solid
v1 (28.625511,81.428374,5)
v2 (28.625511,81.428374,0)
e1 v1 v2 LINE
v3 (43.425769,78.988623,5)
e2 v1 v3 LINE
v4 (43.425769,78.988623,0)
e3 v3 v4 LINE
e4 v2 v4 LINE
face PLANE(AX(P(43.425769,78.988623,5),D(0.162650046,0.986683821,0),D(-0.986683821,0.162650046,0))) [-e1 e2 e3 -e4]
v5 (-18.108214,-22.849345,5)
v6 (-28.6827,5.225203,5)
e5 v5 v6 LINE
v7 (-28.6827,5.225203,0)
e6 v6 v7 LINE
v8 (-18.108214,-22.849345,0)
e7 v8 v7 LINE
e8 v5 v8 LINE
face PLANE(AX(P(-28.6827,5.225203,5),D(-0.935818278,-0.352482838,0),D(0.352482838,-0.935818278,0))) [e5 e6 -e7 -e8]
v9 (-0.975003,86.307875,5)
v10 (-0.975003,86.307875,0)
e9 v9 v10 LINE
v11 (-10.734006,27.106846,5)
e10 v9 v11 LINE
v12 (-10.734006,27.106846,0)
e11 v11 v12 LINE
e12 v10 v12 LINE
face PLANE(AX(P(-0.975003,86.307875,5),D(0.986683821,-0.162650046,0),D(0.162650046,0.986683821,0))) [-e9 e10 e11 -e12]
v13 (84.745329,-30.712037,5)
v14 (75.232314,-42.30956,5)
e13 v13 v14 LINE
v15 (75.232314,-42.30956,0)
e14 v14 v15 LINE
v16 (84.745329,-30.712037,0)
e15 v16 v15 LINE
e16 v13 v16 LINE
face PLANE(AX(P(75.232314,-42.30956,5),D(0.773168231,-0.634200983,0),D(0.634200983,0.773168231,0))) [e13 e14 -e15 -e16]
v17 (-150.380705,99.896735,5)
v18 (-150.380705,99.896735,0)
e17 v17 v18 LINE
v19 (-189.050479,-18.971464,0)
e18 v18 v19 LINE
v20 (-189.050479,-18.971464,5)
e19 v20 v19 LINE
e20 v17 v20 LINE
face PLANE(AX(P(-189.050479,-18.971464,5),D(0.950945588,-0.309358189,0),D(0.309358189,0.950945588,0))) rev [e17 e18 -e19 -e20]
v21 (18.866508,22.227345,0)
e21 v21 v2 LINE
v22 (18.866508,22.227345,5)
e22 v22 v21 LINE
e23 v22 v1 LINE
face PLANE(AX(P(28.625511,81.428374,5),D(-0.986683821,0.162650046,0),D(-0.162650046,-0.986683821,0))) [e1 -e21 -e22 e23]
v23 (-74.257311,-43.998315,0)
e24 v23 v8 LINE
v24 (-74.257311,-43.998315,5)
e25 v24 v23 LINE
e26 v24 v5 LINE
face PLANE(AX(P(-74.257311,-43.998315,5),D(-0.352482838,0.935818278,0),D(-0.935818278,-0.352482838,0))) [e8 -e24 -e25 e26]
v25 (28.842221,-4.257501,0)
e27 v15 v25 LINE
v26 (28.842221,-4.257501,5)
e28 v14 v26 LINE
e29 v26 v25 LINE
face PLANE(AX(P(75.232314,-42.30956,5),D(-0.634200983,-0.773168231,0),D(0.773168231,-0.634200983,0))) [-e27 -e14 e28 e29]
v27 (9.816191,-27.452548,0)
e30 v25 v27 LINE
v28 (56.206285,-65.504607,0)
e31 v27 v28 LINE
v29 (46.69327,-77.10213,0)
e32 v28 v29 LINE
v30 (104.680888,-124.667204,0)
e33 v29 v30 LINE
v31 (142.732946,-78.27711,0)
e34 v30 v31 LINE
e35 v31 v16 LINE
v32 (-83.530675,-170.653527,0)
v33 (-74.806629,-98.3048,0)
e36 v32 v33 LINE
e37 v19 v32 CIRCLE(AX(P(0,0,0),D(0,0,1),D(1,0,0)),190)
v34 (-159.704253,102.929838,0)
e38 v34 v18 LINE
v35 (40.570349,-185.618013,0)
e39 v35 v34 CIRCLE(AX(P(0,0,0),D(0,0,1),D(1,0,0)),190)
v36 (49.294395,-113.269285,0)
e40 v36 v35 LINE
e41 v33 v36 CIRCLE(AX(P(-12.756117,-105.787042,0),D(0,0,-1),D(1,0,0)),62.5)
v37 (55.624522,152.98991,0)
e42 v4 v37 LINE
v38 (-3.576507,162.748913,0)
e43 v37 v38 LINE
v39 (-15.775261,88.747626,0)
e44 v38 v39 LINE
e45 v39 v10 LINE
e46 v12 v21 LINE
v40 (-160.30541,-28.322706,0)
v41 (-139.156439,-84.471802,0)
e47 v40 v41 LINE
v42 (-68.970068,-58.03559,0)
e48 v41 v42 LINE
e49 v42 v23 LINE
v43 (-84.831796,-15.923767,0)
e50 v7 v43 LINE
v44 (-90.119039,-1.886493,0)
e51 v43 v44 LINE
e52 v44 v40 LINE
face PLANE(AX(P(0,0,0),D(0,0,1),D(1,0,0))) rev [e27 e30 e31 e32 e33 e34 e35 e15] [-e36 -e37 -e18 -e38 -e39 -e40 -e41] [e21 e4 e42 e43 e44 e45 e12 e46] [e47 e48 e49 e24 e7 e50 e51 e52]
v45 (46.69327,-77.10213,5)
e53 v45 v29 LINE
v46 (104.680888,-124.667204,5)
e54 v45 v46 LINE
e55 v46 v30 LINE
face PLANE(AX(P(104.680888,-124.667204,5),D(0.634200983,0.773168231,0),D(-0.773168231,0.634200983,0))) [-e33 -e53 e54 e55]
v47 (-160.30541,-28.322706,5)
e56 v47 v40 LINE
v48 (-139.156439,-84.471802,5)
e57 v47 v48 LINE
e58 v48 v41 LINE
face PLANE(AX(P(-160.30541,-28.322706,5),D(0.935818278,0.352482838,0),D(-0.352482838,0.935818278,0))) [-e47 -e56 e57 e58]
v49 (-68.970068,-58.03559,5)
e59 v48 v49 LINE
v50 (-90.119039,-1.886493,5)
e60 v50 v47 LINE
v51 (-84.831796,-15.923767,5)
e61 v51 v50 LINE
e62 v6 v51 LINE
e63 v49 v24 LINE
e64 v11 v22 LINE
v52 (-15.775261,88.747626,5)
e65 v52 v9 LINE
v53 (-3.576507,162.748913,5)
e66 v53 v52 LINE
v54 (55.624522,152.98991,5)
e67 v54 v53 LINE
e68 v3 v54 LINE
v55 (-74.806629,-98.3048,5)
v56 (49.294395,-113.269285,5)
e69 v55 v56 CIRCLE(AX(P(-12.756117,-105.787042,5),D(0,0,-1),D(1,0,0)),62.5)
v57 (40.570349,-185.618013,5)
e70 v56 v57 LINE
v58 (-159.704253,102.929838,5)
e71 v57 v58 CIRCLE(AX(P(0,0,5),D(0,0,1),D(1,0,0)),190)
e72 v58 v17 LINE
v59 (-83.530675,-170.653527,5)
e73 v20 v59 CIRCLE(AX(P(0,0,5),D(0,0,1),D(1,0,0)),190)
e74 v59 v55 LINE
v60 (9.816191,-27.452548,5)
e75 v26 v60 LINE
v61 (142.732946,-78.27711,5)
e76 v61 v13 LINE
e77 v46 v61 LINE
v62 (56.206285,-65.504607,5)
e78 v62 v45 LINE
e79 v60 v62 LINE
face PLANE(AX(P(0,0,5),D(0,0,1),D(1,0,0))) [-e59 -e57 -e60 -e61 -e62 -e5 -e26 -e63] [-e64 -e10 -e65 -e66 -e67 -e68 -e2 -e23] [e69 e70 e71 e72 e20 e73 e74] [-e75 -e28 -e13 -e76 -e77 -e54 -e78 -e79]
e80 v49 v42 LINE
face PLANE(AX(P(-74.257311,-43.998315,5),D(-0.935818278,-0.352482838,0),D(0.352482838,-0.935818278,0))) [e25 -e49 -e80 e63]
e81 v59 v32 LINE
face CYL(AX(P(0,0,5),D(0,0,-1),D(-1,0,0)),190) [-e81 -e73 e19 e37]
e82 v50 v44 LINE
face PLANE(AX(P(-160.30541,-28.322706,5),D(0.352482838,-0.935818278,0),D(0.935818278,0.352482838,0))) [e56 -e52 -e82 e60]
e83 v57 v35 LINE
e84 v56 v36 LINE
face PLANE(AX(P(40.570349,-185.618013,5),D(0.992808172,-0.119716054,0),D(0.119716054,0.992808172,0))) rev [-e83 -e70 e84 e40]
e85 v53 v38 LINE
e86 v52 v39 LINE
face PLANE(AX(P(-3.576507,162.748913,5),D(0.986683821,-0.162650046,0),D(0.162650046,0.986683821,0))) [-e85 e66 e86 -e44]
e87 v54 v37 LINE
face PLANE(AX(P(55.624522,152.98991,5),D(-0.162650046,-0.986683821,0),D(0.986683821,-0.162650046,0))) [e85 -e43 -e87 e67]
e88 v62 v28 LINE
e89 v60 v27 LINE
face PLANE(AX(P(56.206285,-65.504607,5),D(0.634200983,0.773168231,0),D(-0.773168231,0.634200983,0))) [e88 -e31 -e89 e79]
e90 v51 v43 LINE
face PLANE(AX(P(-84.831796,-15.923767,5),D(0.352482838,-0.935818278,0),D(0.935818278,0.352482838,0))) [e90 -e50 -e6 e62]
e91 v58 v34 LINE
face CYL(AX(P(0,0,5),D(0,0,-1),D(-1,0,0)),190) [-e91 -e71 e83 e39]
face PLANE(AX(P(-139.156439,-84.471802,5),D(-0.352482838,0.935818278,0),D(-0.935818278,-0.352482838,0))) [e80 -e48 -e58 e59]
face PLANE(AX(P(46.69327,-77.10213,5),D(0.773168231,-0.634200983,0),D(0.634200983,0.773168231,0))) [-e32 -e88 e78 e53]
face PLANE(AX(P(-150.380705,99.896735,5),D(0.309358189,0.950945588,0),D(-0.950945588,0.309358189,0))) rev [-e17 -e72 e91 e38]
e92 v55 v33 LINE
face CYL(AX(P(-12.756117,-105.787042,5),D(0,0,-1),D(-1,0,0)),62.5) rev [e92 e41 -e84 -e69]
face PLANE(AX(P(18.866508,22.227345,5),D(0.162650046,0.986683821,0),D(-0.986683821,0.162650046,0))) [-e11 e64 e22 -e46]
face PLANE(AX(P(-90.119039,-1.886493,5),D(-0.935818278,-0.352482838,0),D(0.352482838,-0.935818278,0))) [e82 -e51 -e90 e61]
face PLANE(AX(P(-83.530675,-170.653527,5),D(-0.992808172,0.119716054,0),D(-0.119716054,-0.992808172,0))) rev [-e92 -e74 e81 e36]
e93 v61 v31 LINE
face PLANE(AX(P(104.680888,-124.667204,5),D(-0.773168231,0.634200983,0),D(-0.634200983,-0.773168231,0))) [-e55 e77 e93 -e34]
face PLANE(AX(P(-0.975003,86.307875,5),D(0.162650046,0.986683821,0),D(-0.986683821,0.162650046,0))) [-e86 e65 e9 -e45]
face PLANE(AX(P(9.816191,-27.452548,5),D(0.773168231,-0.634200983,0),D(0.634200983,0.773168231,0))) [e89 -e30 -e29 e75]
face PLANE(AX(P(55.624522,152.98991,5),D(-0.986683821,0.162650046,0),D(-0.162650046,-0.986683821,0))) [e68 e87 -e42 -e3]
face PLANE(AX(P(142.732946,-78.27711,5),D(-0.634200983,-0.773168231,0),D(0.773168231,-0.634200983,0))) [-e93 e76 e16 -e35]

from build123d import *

# Parameters (mm, degrees)
BOSS_EXTRUDE1_DEPTH = 5


with BuildPart() as part:
    # Sketch1 → Boss-Extrude1 (new body)
    with BuildSketch(Plane.XY):
        with BuildLine():
            Line((-83.530674823, -170.653527252), (-74.806628793, -98.304799508))
            ThreePointArc((-74.806628793, -98.304799508), (-5.273873885, -43.7365304), (49.294395236, -113.269285297))
            Line((49.294395236, -113.269285297), (40.570349206, -185.618013041))
            ThreePointArc((40.570349206, -185.618013041), (156.087114581, 108.336571211), (-159.704253129, 102.929837912))
            Line((-159.704253129, 102.929837912), (-150.380705265, 99.896734946))
            Line((-150.380705265, 99.896734946), (-189.050478899, -18.971463523))
            ThreePointArc((-189.050478899, -18.971463523), (-155.971098141, -108.503532406), (-83.530674823, -170.653527252))
        make_face()
        Polygon((-74.257311019, -43.998315425), (-68.970068444, -58.035589589), (-139.156439262, -84.471802466), (-160.305409564, -28.322705811), (-90.119038745, -1.886492934), (-84.83179617, -15.923767097), (-28.682699515, 5.225203205), (-18.108214364, -22.849345123), align=None, mode=Mode.SUBTRACT)
        Polygon((-0.975003372, 86.307875472), (-15.775260686, 88.747626167), (-3.576507208, 162.748912734), (55.624522046, 152.989909952), (43.425768568, 78.988623385), (28.625511255, 81.428374081), (18.866508473, 22.227344827), (-10.734006154, 27.106846218), align=None, mode=Mode.SUBTRACT)
        Polygon((75.232314391, -42.309560047), (84.745329129, -30.712036579), (142.73294647, -78.277110268), (104.680887518, -124.667204141), (46.693270177, -77.102130451), (56.206284915, -65.504606983), (9.816191042, -27.452548031), (28.842220518, -4.257501095), align=None, mode=Mode.SUBTRACT)
    extrude(amount=BOSS_EXTRUDE1_DEPTH)


solid = part.part
